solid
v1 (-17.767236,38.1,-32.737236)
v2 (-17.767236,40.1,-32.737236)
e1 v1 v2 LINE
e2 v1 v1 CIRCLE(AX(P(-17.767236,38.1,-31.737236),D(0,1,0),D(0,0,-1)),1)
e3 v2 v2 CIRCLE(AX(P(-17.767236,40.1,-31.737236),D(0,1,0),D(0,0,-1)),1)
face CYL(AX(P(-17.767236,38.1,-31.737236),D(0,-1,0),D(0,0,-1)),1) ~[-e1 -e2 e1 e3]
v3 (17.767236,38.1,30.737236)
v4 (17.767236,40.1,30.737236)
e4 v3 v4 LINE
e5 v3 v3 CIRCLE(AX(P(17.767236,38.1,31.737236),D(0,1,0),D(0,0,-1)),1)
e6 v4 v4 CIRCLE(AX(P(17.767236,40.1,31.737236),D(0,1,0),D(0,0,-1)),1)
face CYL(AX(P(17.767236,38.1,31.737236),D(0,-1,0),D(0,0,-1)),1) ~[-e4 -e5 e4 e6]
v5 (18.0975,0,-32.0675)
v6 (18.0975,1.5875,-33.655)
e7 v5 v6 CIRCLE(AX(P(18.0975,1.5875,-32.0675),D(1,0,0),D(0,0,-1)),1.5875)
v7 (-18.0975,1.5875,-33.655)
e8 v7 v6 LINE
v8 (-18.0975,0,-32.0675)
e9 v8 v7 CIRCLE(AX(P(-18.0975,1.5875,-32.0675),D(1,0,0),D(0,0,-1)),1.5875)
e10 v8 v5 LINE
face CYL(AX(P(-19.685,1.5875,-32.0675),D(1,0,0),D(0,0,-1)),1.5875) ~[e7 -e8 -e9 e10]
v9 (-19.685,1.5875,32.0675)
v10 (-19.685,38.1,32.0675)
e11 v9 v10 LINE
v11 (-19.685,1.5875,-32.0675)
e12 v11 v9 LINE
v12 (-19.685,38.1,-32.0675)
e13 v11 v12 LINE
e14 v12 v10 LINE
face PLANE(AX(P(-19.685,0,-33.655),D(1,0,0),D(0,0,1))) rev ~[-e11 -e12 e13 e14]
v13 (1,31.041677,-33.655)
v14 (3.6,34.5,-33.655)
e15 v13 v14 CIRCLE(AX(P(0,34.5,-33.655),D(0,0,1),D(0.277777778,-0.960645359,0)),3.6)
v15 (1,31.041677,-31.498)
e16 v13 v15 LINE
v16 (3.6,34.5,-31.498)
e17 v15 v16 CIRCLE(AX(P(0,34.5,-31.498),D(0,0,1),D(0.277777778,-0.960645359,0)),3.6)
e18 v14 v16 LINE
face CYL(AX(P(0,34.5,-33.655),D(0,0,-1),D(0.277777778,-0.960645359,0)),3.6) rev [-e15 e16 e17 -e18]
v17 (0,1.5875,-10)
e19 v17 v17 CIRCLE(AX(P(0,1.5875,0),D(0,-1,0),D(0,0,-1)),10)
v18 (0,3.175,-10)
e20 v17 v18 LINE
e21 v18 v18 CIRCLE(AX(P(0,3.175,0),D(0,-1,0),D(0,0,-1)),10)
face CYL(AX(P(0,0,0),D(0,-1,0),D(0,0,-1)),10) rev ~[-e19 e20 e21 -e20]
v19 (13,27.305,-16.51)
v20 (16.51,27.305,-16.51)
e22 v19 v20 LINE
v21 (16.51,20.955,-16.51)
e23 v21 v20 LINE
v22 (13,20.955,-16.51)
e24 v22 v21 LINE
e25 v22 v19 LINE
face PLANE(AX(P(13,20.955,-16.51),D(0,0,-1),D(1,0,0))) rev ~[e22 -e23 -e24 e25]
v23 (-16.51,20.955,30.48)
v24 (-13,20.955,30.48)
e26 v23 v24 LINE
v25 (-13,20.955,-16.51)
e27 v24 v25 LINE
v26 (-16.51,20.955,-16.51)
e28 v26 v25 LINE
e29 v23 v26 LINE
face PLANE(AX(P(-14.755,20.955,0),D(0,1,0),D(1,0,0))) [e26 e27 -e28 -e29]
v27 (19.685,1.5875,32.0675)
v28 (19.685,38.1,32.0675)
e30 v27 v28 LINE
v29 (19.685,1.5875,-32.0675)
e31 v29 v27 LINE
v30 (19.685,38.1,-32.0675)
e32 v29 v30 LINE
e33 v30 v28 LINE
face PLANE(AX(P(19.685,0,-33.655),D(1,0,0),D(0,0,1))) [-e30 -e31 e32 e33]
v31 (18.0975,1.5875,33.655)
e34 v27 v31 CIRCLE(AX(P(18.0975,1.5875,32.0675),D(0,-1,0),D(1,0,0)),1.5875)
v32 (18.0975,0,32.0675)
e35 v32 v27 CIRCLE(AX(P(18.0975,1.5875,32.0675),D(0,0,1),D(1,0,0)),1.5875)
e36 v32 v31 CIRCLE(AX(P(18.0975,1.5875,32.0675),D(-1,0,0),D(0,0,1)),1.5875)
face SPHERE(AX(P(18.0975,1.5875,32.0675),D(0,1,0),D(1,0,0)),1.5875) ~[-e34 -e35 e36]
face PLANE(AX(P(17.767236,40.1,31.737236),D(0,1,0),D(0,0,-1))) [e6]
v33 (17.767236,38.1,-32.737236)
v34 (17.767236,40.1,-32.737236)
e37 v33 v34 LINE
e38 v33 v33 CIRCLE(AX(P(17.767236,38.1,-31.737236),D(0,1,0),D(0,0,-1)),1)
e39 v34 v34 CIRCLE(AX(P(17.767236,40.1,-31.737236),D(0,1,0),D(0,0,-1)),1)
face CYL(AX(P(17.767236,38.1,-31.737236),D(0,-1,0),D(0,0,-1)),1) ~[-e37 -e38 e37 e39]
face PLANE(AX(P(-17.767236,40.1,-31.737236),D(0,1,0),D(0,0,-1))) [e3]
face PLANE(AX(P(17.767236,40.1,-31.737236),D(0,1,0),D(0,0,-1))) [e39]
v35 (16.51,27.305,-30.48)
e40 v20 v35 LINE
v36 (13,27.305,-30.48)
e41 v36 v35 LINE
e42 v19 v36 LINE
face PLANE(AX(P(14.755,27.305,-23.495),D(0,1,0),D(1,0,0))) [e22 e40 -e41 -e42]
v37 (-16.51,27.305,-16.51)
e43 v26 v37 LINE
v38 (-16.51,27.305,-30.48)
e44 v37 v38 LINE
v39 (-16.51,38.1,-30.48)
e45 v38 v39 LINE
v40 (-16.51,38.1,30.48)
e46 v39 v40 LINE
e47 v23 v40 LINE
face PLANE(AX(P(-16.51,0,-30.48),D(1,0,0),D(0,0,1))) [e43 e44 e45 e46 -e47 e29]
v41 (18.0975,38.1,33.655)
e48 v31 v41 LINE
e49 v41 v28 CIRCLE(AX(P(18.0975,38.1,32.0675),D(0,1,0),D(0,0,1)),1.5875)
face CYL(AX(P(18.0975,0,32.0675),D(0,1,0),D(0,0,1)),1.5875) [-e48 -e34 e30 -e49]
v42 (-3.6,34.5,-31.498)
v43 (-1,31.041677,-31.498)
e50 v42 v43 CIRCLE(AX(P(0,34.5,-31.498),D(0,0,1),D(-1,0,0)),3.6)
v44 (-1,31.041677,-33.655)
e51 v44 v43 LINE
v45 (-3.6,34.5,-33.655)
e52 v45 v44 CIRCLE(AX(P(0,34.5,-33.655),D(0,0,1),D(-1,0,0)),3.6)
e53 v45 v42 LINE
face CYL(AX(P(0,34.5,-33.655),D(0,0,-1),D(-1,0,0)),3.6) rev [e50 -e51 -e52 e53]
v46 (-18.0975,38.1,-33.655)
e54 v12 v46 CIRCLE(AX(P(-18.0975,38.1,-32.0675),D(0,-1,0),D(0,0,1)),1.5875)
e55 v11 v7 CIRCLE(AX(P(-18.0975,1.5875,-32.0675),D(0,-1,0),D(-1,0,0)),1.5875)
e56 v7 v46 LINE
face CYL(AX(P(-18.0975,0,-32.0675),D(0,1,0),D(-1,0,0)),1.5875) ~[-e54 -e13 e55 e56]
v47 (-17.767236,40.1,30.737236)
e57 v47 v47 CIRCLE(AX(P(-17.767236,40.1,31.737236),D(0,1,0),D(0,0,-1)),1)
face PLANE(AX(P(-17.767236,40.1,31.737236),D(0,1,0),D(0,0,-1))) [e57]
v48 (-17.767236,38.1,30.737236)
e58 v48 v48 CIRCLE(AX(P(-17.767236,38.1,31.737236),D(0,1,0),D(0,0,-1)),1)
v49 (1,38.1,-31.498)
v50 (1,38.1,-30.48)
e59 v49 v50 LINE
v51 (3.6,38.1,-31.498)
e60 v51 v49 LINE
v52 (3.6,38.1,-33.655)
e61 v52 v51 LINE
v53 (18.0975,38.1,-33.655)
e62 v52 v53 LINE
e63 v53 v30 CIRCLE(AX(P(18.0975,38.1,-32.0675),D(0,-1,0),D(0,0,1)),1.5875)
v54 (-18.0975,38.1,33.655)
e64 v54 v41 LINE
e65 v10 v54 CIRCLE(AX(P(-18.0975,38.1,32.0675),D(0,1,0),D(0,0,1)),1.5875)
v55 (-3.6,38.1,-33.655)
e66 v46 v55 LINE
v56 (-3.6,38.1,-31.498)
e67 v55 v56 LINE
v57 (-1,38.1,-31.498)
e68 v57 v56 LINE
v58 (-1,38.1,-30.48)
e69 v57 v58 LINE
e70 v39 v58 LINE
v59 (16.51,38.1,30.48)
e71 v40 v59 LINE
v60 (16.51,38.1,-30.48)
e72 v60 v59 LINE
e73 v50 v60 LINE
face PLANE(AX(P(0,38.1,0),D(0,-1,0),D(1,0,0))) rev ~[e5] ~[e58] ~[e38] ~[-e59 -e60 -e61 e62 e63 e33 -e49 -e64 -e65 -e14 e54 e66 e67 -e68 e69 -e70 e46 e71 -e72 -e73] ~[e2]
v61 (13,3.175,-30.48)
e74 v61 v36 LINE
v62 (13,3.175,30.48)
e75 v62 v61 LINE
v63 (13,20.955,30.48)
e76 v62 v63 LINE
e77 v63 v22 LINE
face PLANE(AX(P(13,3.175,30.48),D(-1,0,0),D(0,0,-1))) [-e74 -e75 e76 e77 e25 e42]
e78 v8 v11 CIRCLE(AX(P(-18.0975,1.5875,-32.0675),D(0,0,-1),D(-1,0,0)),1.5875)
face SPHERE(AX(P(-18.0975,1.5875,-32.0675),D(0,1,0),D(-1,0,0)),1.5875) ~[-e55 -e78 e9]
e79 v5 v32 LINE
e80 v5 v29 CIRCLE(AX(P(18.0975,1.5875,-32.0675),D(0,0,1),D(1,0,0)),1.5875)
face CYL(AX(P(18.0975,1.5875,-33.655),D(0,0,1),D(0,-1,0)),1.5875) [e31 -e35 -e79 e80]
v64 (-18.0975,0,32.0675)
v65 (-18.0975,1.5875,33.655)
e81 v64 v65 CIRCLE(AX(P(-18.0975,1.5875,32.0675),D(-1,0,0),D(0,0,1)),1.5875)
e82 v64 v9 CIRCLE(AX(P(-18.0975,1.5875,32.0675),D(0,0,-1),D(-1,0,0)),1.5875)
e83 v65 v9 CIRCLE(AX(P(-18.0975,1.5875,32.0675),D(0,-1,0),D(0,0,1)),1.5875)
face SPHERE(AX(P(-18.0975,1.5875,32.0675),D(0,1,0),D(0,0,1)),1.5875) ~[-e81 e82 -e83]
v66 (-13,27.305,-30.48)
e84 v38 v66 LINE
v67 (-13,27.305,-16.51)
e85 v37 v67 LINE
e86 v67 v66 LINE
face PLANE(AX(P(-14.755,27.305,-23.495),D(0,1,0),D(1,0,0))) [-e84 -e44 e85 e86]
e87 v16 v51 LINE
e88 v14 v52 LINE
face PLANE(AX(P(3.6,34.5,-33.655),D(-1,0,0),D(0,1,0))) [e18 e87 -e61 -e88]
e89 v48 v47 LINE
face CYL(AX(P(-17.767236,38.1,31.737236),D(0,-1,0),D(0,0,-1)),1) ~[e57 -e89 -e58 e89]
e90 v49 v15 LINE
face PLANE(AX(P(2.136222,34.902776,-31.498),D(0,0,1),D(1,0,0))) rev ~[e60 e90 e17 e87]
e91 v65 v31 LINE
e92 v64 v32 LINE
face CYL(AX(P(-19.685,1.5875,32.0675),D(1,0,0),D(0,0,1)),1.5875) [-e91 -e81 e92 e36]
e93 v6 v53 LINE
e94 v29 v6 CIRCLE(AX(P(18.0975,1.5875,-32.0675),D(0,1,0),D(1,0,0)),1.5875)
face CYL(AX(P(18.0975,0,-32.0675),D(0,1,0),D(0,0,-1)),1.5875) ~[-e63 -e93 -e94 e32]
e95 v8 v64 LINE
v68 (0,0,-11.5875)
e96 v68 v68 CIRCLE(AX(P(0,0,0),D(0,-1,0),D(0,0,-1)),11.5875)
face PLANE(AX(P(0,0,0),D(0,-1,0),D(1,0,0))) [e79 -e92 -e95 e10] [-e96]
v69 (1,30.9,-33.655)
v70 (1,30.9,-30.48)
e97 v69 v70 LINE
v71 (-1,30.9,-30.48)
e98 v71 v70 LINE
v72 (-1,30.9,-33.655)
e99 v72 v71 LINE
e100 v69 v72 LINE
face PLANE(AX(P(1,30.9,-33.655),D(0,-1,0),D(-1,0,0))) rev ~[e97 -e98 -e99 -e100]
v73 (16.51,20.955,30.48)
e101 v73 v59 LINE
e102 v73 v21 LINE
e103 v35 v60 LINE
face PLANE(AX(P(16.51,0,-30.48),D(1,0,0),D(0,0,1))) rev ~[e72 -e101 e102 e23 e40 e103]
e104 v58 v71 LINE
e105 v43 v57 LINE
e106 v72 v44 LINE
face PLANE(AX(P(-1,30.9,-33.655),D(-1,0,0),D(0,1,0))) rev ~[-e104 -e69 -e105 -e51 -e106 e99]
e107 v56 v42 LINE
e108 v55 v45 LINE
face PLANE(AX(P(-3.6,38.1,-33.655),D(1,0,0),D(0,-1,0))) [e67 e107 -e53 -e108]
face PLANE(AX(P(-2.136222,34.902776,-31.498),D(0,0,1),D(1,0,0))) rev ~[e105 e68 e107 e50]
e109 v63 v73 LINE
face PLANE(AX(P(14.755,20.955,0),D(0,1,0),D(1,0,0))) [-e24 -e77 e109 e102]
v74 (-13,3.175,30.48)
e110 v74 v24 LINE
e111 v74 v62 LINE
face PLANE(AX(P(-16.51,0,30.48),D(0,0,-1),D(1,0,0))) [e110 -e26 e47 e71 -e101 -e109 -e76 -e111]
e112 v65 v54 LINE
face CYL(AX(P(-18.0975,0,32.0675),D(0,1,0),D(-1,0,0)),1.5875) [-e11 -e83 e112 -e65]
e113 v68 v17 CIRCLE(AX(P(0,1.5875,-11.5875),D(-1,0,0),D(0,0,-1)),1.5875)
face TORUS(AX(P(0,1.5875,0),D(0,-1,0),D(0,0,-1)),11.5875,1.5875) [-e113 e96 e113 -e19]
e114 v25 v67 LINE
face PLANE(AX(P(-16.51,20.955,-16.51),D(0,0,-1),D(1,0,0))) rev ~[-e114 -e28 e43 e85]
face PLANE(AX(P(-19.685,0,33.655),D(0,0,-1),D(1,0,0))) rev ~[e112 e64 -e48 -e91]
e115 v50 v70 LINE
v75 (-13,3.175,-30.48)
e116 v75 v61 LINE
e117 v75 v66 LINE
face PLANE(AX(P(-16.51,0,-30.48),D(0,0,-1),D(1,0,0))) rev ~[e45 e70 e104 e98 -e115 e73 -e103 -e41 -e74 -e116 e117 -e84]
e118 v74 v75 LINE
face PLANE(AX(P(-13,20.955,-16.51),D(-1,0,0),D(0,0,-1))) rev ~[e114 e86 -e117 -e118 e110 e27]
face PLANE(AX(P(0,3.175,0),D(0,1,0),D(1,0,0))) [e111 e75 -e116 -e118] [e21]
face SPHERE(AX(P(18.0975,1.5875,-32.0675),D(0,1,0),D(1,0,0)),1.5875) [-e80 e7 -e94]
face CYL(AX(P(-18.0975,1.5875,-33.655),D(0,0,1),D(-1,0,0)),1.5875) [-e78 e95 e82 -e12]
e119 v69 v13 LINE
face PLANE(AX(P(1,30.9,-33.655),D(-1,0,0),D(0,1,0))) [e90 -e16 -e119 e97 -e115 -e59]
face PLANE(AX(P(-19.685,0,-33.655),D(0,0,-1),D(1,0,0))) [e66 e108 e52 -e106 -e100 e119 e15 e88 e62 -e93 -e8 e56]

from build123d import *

# Parameters (mm, degrees)
SKETCH1_W                     = 33.02
SKETCH1_H                     = 60.96
BASE_DEPTH                    = 3.175
SKETCH2_W                     = 3.51
SKETCH2_H                     = 60.96
BATTERY_SIDES_DEPTH           = 17.78
SKETCH3_W                     = 39.37
SKETCH3_H                     = 67.31
SKETCH3_W_2                   = 33.02
SKETCH3_H_2                   = 60.96
OUTER_CASING_DEPTH            = 38.1
BATTERY_PUSH_HOLE_REACH       = 56.514
SKETCH4_R                     = 10
FILLET1_R                     = 1.5875
SKETCH5_R                     = 1
ALIGNMENT_PEGS_DEPTH          = 2
ATTACHMENT_NARROW_POINT_REACH = 82.785
SKETCH6_W                     = 2
SKETCH6_H                     = 7.2
CUT_EXTRUDE4_DEPTH            = 2.157
SKETCH9_W                     = 3.51
SKETCH9_H                     = 13.97
BOSS_EXTRUDE5_DEPTH           = 6.35


with BuildPart() as part:
    # Sketch1 → Base (new body)
    with BuildSketch(Plane(origin=(0, 0, 0), x_dir=(1, 0, 0), z_dir=(0, 1, 0))):
        Rectangle(SKETCH1_W, SKETCH1_H)
        Polygon((-16.51, 30.48), (16.51, 30.48), (16.51, -30.48), align=None)
    extrude(amount=BASE_DEPTH)

    # Sketch2 → Battery-Sides (add)
    with BuildSketch(Plane(origin=(0, 3.175, 0), x_dir=(1, 0, 0), z_dir=(0, 1, 0))):
        with Locations((-14.755, 0)):
            Rectangle(SKETCH2_W, SKETCH2_H)
        with Locations((14.755, 0)):
            Rectangle(SKETCH2_W, SKETCH2_H)
    extrude(amount=BATTERY_SIDES_DEPTH)

    # Sketch3 → Outer-Casing (add)
    with BuildSketch(Plane.XZ):
        Rectangle(SKETCH3_W, SKETCH3_H)
        Rectangle(SKETCH3_W_2, SKETCH3_H_2, mode=Mode.SUBTRACT)
    extrude(amount=-OUTER_CASING_DEPTH)

    # Sketch4 → Battery-push-hole (cut, up to next)
    with BuildSketch(Plane.XZ, mode=Mode.PRIVATE) as battery_push_hole_sk1:
        with Locations(Location((0, 0, 0), (0, 0, 270))):
            Circle(SKETCH4_R)
    battery_push_hole_tool1 = extrude(battery_push_hole_sk1.sketch, amount=-BATTERY_PUSH_HOLE_REACH, mode=Mode.PRIVATE) & part.part
    add(battery_push_hole_tool1.solids().sort_by_distance((0, 0, 0))[0], mode=Mode.SUBTRACT)

    # Fillet1
    fillet1_edges = [part.edges().sort_by_distance(p)[0] for p in [
        (19.685, 19.05, 33.655),
        (19.685, 19.05, -33.655),
        (-19.685, 19.05, -33.655),
        (-19.685, 19.05, 33.655),
        (19.685, 0, 0),
        (0, 0, 33.655),
        (-19.685, 0, 0),
        (0, 0, -33.655),
        (0, 0, 10),
    ]]
    fillet(fillet1_edges, radius=FILLET1_R)

    # Sketch5 → Alignment Pegs (add)
    with BuildSketch(Plane(origin=(0, 38.1, 0), x_dir=(1, 0, 0), z_dir=(0, 1, 0))):
        with Locations(Location((-17.767235857, 31.737235857, 0), (0, 0, 90))):
            Circle(SKETCH5_R)
        with Locations(Location((-17.767235857, -31.737235857, 0), (0, 0, 90))):
            Circle(SKETCH5_R)
        with Locations(Location((17.767235857, 31.737235857, 0), (0, 0, 90))):
            Circle(SKETCH5_R)
        with Locations(Location((17.767235857, -31.737235857, 0), (0, 0, 90))):
            Circle(SKETCH5_R)
    extrude(amount=ALIGNMENT_PEGS_DEPTH)

    # Sketch6 → Attachment Narrow Point (cut, up to next)
    with BuildSketch(Plane(origin=(0, 0, -33.655), x_dir=(-1, 0, 0), z_dir=(0, 0, -1)), mode=Mode.PRIVATE) as attachment_narrow_point_sk1:
        with Locations((0, 34.5)):
            Rectangle(SKETCH6_W, SKETCH6_H)
    attachment_narrow_point_tool1 = extrude(attachment_narrow_point_sk1.sketch, amount=-ATTACHMENT_NARROW_POINT_REACH, mode=Mode.PRIVATE) & part.part
    add(attachment_narrow_point_tool1.solids().sort_by_distance((0, 34.5, -33.655))[0], mode=Mode.SUBTRACT)

    # Sketch8 → Cut-Extrude4 (cut)
    with BuildSketch(Plane.XY.offset(-33.655)):
        with BuildLine():
            ThreePointArc((1, 31.041676707), (2.877498914, 32.336669235), (3.6, 34.5))
            Line((3.6, 34.5), (3.6, 38.1))
            Line((3.6, 38.1), (1, 38.1))
            Line((1, 38.1), (1, 37.958323293))
            Line((1, 37.958323293), (1, 31.041676707))
        make_face()
        with BuildLine():
            ThreePointArc((-3.6, 34.5), (-2.877498914, 32.336669235), (-1, 31.041676707))
            Line((-1, 31.041676707), (-1, 37.958323293))
            Line((-1, 37.958323293), (-1, 38.1))
            Line((-1, 38.1), (-3.6, 38.1))
            Line((-3.6, 38.1), (-3.6, 34.5))
        make_face()
    extrude(amount=CUT_EXTRUDE4_DEPTH, mode=Mode.SUBTRACT)

    # Sketch9 → Boss-Extrude5 (add)
    with BuildSketch(Plane(origin=(0, 20.955, 0), x_dir=(1, 0, 0), z_dir=(0, 1, 0))):
        with Locations((-14.755, 23.495)):
            Rectangle(SKETCH9_W, SKETCH9_H)
        with Locations((14.755, 23.495)):
            Rectangle(SKETCH9_W, SKETCH9_H)
    extrude(amount=BOSS_EXTRUDE5_DEPTH)


solid = part.part
